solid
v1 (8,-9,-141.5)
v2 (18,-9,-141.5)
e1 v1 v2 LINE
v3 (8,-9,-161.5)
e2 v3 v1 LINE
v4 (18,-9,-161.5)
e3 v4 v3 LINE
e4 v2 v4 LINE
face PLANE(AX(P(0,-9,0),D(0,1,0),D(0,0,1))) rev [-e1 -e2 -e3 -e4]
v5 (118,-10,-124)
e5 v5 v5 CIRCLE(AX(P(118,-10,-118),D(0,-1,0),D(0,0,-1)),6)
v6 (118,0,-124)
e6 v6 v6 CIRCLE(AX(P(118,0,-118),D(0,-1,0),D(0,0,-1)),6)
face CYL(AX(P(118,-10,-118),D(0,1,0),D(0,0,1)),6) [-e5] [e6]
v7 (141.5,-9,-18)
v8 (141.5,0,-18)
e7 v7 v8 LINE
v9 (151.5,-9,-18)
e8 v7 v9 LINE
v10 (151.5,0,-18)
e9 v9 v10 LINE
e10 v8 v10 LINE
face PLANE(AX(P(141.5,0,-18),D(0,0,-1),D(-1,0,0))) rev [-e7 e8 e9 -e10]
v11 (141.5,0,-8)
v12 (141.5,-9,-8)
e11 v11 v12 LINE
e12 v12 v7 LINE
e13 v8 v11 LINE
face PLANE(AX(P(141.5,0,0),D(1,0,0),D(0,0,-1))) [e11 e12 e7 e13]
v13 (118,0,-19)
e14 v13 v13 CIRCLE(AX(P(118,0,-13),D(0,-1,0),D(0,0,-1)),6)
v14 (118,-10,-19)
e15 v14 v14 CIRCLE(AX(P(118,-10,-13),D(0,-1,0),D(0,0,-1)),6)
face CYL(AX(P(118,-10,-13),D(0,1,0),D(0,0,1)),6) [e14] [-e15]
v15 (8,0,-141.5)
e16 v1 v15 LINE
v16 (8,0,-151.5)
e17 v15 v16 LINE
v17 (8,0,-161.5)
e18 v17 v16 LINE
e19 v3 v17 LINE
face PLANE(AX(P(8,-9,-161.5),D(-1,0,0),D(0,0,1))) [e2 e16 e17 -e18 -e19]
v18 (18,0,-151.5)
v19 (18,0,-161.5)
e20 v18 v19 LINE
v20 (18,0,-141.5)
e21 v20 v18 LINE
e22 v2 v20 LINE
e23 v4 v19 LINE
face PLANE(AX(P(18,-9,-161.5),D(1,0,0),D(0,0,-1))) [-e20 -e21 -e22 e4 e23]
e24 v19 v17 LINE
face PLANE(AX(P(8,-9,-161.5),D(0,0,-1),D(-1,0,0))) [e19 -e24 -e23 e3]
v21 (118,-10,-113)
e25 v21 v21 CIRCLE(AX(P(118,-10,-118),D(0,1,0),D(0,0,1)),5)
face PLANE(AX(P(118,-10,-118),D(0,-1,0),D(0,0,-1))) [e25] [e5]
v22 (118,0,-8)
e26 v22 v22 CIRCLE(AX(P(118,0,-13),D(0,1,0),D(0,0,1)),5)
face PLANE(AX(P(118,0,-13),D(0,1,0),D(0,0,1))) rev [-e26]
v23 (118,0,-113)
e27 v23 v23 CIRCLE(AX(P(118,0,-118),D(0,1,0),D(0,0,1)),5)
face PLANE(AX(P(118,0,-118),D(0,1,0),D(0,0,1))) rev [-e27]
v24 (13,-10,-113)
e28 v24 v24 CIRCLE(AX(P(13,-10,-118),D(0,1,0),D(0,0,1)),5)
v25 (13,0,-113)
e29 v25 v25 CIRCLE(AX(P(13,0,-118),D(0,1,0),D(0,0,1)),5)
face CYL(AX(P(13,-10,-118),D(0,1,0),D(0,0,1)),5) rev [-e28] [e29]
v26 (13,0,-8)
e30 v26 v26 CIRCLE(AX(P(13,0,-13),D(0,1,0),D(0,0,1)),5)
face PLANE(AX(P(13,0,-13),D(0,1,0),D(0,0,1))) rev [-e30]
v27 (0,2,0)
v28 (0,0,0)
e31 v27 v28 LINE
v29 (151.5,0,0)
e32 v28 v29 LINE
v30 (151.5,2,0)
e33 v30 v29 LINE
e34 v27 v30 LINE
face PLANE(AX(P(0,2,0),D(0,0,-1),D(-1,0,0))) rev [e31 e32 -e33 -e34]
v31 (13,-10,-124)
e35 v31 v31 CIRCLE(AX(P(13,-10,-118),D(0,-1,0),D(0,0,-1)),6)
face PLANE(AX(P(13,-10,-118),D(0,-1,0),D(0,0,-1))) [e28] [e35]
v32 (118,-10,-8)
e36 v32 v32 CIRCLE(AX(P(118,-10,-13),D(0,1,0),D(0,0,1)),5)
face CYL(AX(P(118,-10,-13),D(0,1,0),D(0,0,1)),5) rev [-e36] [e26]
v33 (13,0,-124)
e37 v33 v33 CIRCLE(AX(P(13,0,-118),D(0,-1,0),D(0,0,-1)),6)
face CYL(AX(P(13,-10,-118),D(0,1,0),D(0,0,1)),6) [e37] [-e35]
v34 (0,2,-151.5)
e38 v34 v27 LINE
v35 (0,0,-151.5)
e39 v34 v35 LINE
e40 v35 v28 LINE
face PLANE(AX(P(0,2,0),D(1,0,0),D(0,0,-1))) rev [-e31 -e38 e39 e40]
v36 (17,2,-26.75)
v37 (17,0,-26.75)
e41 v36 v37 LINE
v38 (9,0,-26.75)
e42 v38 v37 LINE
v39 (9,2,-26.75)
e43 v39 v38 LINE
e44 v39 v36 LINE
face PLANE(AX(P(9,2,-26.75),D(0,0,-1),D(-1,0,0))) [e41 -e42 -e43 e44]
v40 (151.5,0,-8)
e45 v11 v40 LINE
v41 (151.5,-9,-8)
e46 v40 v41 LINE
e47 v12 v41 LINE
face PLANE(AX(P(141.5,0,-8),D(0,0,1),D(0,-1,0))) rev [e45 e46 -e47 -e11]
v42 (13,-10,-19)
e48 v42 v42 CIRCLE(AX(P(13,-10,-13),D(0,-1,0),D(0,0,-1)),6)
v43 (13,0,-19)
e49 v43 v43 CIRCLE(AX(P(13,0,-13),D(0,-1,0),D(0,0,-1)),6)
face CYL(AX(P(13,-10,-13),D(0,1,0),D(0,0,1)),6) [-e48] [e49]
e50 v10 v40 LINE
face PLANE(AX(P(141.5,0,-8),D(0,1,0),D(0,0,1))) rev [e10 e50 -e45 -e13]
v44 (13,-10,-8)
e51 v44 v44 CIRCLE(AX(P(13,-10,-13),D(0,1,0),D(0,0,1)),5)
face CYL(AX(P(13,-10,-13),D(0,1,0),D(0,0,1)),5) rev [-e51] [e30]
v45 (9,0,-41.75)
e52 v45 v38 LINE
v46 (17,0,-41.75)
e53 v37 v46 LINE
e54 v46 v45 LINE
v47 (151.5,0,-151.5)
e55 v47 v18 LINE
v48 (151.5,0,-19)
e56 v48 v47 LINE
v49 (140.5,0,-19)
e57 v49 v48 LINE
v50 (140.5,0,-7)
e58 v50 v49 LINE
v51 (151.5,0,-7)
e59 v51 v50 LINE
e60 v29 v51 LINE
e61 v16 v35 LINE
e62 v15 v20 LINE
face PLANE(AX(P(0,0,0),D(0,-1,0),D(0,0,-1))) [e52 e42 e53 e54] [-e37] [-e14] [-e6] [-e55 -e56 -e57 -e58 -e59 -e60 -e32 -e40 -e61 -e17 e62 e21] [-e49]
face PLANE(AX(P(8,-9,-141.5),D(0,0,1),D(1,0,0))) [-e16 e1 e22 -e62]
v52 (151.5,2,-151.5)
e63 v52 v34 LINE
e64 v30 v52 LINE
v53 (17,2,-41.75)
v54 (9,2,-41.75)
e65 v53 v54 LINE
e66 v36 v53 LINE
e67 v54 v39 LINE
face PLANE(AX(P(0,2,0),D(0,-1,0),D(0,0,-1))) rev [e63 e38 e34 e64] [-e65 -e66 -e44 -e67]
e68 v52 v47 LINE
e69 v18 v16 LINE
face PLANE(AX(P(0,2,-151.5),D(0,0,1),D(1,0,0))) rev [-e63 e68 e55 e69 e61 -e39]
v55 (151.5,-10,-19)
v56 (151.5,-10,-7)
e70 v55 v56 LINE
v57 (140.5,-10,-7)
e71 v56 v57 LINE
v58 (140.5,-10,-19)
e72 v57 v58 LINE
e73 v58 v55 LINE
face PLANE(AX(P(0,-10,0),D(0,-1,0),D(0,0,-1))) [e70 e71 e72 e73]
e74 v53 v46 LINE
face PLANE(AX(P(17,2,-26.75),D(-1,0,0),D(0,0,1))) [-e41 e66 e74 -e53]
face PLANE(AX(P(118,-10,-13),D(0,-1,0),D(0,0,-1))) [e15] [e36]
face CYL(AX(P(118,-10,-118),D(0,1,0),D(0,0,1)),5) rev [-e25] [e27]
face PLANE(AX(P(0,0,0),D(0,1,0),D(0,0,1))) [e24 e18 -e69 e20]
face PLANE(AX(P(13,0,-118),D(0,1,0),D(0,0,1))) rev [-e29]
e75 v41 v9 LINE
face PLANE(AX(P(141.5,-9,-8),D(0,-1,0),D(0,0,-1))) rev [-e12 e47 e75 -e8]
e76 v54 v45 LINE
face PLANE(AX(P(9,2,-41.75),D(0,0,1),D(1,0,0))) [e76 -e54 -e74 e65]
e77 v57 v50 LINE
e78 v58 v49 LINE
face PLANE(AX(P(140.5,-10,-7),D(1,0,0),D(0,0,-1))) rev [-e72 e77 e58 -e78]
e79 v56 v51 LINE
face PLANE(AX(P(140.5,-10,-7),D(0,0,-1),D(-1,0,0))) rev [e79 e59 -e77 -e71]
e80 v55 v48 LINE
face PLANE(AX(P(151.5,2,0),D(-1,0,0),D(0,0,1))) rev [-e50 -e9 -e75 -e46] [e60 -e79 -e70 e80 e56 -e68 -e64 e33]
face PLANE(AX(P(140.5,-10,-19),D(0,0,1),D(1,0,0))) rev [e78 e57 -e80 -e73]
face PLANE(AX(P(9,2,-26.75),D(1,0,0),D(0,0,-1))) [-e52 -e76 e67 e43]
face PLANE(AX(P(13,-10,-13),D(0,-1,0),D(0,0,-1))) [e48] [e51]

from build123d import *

# Parameters (mm, degrees)
SKETCH1_W            = 151.5
SKETCH1_H            = 151.5
BOSS_EXTRUDE1_DEPTH  = 2
SKETCH8_R            = 6
BOSS_EXTRUDE3_DEPTH  = 10
SKETCH9_R            = 5
CUT_EXTRUDE5_DEPTH   = 10
LPATTERN3_COUNT      = 2
LPATTERN3_PITCH      = 105
LPATTERN3_COUNT_DIR2 = 2
LPATTERN3_PITCH_DIR2 = 105
SKETCH10_W           = 10
SKETCH10_H           = 20
BOSS_EXTRUDE4_DEPTH  = 9
SKETCH11_W           = 11
SKETCH11_H           = 12
BOSS_EXTRUDE5_DEPTH  = 10
SKETCH13_W           = 10
SKETCH13_H           = 9
CUT_EXTRUDE6_DEPTH   = 10
SKETCH15_W           = 8
SKETCH15_H           = 15
CUT_EXTRUDE7_DEPTH   = 2


with BuildPart() as part:
    # Sketch1 → Boss-Extrude1 (new body)
    with BuildSketch(Plane(origin=(0, 0, 0), x_dir=(1, 0, 0), z_dir=(0, 1, 0))):
        with Locations((75.75, 75.75)):
            Rectangle(SKETCH1_W, SKETCH1_H)
    extrude(amount=BOSS_EXTRUDE1_DEPTH)

    # Sketch8 → Boss-Extrude3 (add)
    with BuildSketch(Plane(origin=(0, 0, 0), x_dir=(-1, 0, 0), z_dir=(0, -1, 0))):
        with Locations((-13, 13)):
            Circle(SKETCH8_R)
    boss_extrude3 = extrude(amount=BOSS_EXTRUDE3_DEPTH)

    # Sketch9 → Cut-Extrude5 (cut)
    with BuildSketch(Plane(origin=(0, 0, 0), x_dir=(1, 0, 0), z_dir=(0, 1, 0))):
        with Locations((13, 13)):
            Circle(SKETCH9_R)
    cut_extrude5 = extrude(amount=-CUT_EXTRUDE5_DEPTH, mode=Mode.SUBTRACT)

    # LPattern3: Boss-Extrude3, Cut-Extrude5 2 × 2
    with Locations(*[(i * LPATTERN3_PITCH, 0, -j * LPATTERN3_PITCH_DIR2) for i in range(LPATTERN3_COUNT) for j in range(LPATTERN3_COUNT_DIR2) if (i, j) != (0, 0)]):
        add(boss_extrude3)
        add(cut_extrude5, mode=Mode.SUBTRACT)

    # Sketch10 → Boss-Extrude4 (add)
    with BuildSketch(Plane(origin=(0, 0, 0), x_dir=(1, 0, 0), z_dir=(0, 1, 0))):
        with Locations((13, 151.5)):
            Rectangle(SKETCH10_W, SKETCH10_H)
    extrude(amount=-BOSS_EXTRUDE4_DEPTH)

    # Sketch11 → Boss-Extrude5 (add)
    with BuildSketch(Plane(origin=(0, 0, 0), x_dir=(-1, 0, 0), z_dir=(0, -1, 0))):
        with Locations((-146, 13)):
            Rectangle(SKETCH11_W, SKETCH11_H)
    extrude(amount=BOSS_EXTRUDE5_DEPTH)

    # Sketch13 → Cut-Extrude6 (cut)
    with BuildSketch(Plane(origin=(151.5, 0, 0), x_dir=(0, 0, -1), z_dir=(1, 0, 0))):
        with Locations((13, -4.5)):
            Rectangle(SKETCH13_W, SKETCH13_H)
    extrude(amount=-CUT_EXTRUDE6_DEPTH, mode=Mode.SUBTRACT)

    # Sketch15 → Cut-Extrude7 (cut)
    with BuildSketch(Plane(origin=(0, 0, 0), x_dir=(1, 0, 0), z_dir=(0, 1, 0))):
        with Locations((13, 34.25)):
            Rectangle(SKETCH15_W, SKETCH15_H)
    extrude(amount=CUT_EXTRUDE7_DEPTH, mode=Mode.SUBTRACT)


solid = part.part
